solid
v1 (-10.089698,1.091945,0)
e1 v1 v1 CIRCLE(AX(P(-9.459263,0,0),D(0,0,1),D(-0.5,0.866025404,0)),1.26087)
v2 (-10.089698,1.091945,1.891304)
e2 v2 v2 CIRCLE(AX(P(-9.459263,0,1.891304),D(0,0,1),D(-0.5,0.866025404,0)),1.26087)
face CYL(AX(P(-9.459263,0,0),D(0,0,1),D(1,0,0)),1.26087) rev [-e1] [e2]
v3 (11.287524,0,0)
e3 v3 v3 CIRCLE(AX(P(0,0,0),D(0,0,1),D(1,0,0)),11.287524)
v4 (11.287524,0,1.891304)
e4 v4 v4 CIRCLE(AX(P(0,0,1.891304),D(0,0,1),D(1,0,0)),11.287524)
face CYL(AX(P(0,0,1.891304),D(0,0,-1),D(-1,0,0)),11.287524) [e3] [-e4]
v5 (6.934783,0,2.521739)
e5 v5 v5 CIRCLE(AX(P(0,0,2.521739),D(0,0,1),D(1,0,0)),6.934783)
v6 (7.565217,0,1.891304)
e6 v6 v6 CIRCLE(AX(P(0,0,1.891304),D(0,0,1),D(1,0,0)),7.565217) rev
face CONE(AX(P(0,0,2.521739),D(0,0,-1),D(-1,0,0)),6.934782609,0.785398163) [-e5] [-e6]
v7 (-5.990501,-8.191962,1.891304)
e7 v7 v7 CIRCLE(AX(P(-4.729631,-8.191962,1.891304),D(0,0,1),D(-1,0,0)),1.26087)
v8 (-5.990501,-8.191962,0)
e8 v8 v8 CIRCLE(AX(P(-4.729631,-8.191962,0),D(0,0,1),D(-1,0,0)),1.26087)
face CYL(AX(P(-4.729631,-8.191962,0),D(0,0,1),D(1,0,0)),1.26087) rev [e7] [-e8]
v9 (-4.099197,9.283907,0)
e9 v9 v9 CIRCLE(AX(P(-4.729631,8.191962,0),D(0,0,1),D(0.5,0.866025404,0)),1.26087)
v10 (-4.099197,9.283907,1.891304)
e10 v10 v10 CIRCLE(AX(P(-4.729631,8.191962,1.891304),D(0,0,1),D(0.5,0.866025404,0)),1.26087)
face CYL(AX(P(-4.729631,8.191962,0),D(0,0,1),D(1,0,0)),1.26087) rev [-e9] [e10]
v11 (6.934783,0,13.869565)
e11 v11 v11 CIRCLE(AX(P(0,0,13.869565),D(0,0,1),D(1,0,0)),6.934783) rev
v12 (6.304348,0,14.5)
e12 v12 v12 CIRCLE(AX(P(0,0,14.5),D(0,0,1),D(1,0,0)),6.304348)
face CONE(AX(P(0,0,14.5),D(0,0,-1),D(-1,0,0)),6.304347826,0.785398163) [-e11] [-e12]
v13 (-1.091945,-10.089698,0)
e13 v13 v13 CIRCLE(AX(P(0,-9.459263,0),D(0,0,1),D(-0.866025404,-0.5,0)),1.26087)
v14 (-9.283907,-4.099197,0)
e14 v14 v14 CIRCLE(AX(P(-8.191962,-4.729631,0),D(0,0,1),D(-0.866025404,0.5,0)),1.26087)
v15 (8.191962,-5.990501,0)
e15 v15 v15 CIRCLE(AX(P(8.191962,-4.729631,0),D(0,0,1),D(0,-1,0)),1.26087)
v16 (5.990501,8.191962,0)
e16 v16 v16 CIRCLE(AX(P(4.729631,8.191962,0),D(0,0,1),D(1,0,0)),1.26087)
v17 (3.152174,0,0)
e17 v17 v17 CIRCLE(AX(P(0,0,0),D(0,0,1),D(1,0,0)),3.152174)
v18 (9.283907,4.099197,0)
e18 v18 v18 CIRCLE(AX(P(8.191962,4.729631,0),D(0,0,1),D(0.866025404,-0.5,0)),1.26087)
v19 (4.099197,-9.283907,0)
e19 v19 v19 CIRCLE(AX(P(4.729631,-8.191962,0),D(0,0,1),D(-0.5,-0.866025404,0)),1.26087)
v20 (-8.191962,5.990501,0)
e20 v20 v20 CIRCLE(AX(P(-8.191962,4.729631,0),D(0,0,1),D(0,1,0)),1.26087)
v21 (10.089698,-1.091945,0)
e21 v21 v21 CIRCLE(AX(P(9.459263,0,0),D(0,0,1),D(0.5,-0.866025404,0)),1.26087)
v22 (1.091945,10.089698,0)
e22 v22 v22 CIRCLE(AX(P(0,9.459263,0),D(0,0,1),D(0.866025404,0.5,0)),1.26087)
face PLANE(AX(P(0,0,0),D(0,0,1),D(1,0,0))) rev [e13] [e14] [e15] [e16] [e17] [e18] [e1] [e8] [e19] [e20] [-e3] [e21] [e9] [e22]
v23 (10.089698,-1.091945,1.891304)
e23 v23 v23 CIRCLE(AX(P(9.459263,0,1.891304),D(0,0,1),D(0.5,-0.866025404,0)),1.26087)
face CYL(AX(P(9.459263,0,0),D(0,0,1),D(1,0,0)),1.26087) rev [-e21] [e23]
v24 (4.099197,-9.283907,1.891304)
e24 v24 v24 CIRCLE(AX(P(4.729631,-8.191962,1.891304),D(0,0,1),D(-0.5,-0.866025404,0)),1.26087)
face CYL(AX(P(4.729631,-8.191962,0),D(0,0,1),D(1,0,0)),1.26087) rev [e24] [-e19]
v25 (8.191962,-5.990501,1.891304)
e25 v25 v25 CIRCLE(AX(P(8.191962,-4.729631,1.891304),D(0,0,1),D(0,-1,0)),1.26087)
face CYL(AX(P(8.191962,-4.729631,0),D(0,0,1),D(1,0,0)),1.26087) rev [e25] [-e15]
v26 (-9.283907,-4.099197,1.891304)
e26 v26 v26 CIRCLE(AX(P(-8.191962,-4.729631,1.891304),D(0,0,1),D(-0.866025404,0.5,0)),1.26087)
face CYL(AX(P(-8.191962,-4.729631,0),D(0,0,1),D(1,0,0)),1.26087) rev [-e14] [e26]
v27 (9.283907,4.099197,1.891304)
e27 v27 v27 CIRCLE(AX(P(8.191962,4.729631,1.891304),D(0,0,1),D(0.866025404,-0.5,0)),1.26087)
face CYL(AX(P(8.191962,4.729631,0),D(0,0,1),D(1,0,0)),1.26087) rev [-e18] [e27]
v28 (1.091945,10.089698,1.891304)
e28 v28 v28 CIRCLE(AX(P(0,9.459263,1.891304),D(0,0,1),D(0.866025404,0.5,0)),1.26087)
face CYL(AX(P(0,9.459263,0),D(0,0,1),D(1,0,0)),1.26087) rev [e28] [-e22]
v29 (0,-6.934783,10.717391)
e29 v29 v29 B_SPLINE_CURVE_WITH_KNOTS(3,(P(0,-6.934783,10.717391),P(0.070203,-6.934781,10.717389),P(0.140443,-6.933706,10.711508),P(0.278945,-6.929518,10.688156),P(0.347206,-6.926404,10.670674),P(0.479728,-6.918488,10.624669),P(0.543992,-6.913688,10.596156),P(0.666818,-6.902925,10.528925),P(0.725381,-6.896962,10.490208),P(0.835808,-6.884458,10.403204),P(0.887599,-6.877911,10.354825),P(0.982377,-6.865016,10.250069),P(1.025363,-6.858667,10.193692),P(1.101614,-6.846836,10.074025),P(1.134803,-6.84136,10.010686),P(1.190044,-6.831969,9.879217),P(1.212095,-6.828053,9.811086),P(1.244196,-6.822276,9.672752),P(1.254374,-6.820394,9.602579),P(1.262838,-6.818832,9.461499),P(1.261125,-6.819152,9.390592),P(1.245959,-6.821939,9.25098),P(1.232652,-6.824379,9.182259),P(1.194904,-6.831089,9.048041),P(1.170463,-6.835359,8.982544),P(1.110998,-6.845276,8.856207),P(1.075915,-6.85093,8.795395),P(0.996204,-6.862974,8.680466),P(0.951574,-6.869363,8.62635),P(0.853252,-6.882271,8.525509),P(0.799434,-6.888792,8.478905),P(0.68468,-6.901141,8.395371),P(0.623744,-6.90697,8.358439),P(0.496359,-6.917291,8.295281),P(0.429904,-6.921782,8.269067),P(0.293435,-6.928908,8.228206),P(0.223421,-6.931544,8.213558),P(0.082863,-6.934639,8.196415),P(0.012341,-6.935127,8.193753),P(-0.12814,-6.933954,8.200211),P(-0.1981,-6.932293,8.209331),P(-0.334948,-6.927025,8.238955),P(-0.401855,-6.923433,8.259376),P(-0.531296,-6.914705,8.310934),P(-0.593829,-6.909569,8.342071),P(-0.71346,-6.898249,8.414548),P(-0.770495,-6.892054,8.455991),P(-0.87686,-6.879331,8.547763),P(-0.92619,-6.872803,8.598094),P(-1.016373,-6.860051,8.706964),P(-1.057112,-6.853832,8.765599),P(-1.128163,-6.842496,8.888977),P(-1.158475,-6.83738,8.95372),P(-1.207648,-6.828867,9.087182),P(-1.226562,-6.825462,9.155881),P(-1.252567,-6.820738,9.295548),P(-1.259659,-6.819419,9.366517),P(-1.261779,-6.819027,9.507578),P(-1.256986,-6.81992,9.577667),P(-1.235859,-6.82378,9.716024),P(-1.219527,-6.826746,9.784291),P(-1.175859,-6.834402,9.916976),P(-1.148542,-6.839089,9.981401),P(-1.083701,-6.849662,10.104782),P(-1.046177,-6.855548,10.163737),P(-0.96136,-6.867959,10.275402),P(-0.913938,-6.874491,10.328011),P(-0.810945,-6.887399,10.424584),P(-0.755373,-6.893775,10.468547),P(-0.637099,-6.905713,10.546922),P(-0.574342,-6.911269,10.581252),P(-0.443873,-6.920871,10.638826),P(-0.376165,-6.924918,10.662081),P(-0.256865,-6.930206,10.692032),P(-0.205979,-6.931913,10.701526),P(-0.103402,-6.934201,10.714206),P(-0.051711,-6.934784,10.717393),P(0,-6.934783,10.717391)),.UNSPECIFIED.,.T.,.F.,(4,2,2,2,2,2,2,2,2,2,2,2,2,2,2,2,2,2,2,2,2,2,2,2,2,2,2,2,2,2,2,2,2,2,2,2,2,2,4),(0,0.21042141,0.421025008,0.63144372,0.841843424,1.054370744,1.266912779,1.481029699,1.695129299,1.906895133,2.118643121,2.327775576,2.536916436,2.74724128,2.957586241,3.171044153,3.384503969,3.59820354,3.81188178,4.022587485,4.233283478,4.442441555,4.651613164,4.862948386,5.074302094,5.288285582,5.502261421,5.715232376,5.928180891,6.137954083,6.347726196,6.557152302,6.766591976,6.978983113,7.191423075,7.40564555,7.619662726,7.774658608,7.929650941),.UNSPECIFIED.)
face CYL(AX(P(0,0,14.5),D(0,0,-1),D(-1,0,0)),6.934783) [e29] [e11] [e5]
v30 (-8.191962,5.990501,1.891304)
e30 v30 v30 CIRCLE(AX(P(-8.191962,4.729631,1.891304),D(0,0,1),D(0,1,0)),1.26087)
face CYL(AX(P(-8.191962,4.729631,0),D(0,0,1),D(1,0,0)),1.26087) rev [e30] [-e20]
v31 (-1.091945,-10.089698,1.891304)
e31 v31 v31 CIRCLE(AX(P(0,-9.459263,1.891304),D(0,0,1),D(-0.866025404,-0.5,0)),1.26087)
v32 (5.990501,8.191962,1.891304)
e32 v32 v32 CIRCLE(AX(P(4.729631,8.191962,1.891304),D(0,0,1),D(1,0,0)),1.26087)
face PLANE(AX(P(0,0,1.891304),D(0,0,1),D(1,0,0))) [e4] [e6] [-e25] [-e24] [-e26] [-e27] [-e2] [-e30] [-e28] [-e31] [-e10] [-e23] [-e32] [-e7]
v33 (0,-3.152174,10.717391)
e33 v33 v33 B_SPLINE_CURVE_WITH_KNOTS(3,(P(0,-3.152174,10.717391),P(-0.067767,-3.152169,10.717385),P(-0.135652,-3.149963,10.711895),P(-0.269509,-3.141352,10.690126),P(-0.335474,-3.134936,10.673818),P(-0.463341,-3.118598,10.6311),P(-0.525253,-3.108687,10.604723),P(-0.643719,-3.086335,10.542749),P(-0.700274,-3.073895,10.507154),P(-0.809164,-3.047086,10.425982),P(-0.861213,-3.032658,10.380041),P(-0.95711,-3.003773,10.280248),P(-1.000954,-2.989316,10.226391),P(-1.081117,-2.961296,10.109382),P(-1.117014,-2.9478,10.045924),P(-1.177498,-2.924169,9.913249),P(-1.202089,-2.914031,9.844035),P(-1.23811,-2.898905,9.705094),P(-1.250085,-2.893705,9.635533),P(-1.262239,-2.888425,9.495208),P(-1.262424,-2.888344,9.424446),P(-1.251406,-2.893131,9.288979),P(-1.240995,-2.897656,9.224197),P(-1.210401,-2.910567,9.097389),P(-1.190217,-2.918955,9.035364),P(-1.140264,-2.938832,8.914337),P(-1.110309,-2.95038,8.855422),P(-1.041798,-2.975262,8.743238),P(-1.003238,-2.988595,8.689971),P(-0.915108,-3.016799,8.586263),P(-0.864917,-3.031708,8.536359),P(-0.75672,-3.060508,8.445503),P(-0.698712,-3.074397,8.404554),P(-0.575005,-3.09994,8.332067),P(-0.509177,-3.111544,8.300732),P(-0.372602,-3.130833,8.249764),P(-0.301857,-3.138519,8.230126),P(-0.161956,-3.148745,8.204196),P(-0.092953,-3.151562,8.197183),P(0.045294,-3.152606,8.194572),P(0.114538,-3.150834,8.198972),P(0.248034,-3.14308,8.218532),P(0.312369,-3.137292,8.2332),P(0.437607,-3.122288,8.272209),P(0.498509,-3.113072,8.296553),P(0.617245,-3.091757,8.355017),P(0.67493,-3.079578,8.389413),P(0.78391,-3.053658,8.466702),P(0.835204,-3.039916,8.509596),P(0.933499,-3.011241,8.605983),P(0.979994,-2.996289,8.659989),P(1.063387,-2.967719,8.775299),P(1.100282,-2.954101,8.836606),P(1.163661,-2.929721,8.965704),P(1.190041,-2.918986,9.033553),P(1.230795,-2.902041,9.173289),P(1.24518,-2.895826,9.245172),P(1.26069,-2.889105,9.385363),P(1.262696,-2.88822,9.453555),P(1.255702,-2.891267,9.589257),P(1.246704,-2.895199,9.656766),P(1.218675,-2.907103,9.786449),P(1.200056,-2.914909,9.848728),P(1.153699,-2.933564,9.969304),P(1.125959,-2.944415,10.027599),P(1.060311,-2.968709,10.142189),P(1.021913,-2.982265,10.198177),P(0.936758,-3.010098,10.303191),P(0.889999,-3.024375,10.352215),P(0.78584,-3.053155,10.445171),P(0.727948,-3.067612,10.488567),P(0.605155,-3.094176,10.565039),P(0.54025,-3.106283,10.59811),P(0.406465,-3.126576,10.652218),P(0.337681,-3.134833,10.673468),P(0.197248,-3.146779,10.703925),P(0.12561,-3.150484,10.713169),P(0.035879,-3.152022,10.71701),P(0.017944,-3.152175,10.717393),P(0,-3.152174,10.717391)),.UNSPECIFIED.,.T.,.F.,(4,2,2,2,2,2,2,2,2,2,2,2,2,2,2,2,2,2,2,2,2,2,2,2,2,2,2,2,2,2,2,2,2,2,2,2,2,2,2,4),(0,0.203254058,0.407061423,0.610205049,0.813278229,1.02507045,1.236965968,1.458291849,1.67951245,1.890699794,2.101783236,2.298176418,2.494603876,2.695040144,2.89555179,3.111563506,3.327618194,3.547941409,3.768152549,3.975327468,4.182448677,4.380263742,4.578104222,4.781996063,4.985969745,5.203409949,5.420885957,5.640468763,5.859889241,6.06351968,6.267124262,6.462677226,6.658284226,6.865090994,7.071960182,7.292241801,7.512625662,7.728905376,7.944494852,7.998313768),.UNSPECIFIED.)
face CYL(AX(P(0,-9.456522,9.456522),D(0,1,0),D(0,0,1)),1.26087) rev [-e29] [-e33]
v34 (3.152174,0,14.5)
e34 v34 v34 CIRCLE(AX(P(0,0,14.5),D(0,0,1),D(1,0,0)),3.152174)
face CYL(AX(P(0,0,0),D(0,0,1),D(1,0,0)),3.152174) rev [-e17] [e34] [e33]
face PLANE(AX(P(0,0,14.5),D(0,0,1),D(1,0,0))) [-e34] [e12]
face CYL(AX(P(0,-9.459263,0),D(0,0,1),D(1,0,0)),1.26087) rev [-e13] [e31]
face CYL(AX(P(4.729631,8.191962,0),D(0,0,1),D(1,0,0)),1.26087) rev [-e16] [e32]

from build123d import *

# Parameters (mm, degrees)
SKETCH1_R           = 17.904347826
BOSS_EXTRUDE1_DEPTH = 3
SKETCH2_R           = 11
BOSS_EXTRUDE2_DEPTH = 20
SKETCH3_R           = 5
CUT_EXTRUDE1_DEPTH  = 24
SKETCH4_R           = 2
CUT_EXTRUDE2_DEPTH  = 15
CHAMFER1_SIZE       = 1
SKETCH5_R           = 2
CUT_EXTRUDE5_DEPTH  = 4.0000001
CIRPATTERN2_COUNT   = 12
SCALE1_SCALE        = 0.630434783


with BuildPart() as part:
    # Sketch1 → Boss-Extrude1 (new body)
    with BuildSketch(Plane.XY):
        Circle(SKETCH1_R)
    extrude(amount=BOSS_EXTRUDE1_DEPTH)

    # Sketch2 → Boss-Extrude2 (add)
    with BuildSketch(Plane.XY.offset(3)):
        Circle(SKETCH2_R)
    extrude(amount=BOSS_EXTRUDE2_DEPTH)

    # Sketch3 → Cut-Extrude1 (cut, through all)
    with BuildSketch(Plane.XY.offset(23)):
        Circle(SKETCH3_R)
    extrude(amount=-CUT_EXTRUDE1_DEPTH, mode=Mode.SUBTRACT)

    # Sketch4 → Cut-Extrude2 (cut)
    with BuildSketch(Plane(origin=(0, 0, 0), x_dir=(1, 0, 0), z_dir=(0, 1, 0))):
        with Locations((0, -15)):
            Circle(SKETCH4_R)
    extrude(amount=-CUT_EXTRUDE2_DEPTH, mode=Mode.SUBTRACT)

    # Chamfer1
    chamfer1_edges = [part.edges().sort_by_distance(p)[0] for p in [
        (-11, 0, 3),
        (-11, 0, 23),
    ]]
    chamfer(chamfer1_edges, length=CHAMFER1_SIZE)

    # Sketch5 → Cut-Extrude5 (cut, through all)
    with BuildSketch(Plane.XY.offset(3)):
        with Locations((7.502173913, 12.994146385)):
            Circle(SKETCH5_R)
    cut_extrude5 = extrude(amount=-CUT_EXTRUDE5_DEPTH, mode=Mode.SUBTRACT)

    # CirPattern2: Cut-Extrude5 ×12 about axis
    cirpattern2_axis = Axis((0, 0, 0), (0, 0, 1))
    for i in range(1, CIRPATTERN2_COUNT):
        add(cut_extrude5.rotate(cirpattern2_axis, i * 360 / CIRPATTERN2_COUNT), mode=Mode.SUBTRACT)


with BuildPart() as part_1:
    # Scale1: scaled about (0, 0, 0)
    add(part.part.scale(SCALE1_SCALE))


solid = part_1.part
